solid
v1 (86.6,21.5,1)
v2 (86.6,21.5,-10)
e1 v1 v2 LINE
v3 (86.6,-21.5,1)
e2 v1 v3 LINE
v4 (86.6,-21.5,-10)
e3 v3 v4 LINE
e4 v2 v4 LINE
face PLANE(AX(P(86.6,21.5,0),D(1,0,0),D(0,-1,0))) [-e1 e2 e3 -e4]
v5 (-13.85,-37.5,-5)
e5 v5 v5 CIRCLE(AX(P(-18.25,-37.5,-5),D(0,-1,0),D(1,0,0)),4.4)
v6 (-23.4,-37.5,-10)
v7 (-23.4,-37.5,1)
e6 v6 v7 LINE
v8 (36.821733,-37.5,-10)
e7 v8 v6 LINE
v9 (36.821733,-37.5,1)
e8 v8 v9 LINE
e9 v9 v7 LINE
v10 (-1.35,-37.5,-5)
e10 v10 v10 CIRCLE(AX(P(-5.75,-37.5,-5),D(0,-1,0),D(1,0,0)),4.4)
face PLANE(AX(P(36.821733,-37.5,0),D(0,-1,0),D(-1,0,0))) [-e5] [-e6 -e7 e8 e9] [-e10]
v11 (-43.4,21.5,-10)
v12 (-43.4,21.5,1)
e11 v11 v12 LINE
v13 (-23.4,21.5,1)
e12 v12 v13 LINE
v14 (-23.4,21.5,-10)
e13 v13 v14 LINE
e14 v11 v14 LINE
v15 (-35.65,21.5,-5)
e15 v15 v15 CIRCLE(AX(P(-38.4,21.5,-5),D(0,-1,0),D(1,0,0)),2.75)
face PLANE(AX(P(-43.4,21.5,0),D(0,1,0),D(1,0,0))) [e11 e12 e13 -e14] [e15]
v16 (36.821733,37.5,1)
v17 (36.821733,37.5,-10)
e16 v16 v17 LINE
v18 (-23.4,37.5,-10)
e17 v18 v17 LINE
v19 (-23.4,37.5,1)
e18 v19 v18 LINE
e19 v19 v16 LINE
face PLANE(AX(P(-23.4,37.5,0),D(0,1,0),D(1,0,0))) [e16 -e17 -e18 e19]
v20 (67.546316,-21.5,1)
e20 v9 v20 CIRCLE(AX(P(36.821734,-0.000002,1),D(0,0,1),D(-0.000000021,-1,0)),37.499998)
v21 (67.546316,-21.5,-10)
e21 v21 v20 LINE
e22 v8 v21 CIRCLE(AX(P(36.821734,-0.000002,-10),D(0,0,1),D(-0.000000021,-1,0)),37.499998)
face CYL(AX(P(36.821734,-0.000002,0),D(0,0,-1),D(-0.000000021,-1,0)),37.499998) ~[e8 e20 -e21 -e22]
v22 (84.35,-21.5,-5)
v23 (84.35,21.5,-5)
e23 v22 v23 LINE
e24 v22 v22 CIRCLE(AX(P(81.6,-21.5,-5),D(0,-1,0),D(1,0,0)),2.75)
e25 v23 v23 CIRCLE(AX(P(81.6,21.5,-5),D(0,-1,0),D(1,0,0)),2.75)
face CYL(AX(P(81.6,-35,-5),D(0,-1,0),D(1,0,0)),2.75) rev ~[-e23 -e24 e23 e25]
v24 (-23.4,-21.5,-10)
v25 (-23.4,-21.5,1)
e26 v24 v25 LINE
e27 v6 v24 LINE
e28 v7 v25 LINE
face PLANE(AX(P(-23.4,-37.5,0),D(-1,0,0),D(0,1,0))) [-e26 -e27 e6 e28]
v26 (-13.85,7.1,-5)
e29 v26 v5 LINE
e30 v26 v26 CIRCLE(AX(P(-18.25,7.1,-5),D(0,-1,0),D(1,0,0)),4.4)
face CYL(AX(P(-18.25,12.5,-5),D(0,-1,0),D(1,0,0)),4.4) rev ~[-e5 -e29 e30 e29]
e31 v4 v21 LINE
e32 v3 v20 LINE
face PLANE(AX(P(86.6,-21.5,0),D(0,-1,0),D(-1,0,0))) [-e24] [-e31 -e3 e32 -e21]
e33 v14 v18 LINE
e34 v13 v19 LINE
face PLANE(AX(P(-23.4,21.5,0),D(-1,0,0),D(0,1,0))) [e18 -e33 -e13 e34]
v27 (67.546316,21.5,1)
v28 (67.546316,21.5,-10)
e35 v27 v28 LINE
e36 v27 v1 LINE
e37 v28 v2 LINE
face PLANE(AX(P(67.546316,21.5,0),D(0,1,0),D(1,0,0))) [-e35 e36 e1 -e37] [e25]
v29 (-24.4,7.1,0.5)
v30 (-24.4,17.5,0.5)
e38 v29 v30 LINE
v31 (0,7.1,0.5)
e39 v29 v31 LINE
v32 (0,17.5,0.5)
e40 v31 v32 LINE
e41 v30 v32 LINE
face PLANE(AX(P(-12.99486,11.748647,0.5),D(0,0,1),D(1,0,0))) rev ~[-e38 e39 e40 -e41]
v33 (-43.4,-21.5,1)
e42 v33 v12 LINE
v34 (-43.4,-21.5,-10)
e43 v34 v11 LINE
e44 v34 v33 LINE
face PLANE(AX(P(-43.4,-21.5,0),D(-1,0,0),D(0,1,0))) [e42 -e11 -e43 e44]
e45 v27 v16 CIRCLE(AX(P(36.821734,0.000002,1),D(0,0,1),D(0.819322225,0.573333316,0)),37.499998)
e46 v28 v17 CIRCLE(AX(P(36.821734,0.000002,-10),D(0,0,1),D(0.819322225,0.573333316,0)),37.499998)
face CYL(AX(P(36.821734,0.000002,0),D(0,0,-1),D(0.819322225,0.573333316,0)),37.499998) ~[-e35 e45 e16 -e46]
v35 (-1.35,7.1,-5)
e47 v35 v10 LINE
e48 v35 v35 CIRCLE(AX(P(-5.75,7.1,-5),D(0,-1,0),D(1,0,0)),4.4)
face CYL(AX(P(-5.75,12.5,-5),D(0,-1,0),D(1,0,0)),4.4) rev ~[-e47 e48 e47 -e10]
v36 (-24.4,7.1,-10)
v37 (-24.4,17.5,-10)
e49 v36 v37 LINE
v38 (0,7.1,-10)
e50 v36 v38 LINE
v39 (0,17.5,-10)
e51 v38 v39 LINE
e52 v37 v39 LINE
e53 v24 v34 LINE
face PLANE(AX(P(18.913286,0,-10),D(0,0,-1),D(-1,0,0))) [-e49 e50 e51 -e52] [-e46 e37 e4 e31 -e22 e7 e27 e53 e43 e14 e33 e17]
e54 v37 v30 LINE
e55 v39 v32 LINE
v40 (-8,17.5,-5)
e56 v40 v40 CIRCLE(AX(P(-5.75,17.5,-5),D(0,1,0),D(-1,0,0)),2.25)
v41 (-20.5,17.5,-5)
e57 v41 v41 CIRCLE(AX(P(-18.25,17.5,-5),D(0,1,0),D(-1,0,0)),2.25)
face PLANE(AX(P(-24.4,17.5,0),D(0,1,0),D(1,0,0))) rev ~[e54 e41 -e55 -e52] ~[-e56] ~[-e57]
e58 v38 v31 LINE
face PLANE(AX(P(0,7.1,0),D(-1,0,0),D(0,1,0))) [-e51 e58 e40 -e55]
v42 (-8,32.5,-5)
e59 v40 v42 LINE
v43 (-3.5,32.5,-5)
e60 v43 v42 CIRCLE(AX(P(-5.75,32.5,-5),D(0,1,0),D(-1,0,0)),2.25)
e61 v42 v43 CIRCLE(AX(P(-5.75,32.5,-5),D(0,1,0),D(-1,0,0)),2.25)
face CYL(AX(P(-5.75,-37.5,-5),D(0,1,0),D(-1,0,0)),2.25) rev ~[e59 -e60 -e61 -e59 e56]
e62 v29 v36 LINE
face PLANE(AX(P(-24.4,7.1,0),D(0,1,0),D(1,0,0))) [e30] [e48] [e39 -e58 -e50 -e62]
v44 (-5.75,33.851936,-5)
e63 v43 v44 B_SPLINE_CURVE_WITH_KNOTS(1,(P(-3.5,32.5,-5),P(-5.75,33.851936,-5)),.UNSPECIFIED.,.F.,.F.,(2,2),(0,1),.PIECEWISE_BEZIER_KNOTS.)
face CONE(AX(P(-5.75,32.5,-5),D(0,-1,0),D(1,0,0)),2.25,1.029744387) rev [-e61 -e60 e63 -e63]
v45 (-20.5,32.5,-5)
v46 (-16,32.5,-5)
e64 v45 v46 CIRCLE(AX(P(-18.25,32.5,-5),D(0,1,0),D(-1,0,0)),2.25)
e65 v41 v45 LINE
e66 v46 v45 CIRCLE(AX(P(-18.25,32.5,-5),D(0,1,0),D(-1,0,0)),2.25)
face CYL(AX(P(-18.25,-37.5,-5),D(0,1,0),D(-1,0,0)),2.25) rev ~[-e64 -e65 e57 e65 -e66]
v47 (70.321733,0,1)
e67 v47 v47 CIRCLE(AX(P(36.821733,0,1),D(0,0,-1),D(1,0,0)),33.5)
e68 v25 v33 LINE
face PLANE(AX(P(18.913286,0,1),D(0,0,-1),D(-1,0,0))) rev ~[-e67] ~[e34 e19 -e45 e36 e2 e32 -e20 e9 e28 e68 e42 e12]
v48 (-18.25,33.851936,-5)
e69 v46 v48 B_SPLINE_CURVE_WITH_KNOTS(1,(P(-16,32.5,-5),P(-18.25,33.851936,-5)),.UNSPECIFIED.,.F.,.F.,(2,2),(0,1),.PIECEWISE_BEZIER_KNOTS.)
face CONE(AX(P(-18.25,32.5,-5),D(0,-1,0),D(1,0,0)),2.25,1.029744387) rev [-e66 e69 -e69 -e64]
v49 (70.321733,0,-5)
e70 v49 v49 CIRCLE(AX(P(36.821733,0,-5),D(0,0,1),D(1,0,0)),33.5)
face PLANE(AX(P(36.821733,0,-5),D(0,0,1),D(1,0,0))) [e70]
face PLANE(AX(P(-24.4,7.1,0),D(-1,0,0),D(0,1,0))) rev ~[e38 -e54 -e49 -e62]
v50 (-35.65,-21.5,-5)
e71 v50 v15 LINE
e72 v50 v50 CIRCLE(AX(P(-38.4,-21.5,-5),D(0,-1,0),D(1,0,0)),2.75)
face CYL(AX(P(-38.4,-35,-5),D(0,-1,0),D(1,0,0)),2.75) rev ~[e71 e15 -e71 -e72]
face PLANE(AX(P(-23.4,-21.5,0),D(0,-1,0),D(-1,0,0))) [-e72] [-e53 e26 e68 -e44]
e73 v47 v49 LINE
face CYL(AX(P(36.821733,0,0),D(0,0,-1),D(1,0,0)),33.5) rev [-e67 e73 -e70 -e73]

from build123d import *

# Parameters (mm, degrees)
SKETCH_W            = 24.4
SKETCH_H            = 10.4
PAD_DEPTH           = 10
PAD_DEPTH_BACK      = 1
SKETCH001_R         = 33.5
POCKET_DEPTH        = 5
POCKET_DEPTH_BACK   = 100
SKETCH002_R         = 2.75
HOLE_DEPTH          = 72.501
HOLE001_D           = 4.5
HOLE001_DEPTH       = 70
HOLE001_CBORE_D     = 8.8
HOLE001_CBORE_DEPTH = 50
HOLE001_TIPS_R      = 2.25
SKETCH006_W         = 27.565709
SKETCH006_H         = 14.558517
PAD001_DEPTH        = 0.5


with BuildPart() as part:
    # Sketch → Pad (new body, two sides)
    with BuildSketch(Plane.XY) as pad_sk:
        with BuildLine():
            Line((-43.4, 21.5), (-23.4, 21.5))
            Line((-23.4, 21.5), (-23.4, 37.5))
            Line((-23.4, 37.5), (36.821733, 37.5))
            ThreePointArc((67.546316, 21.5), (54.142241, 33.260337), (36.821733, 37.5))
            Line((67.546316, 21.5), (86.6, 21.5))
            Line((86.6, 21.5), (86.6, -21.5))
            Line((86.6, -21.5), (67.546316, -21.5))
            ThreePointArc((36.821733, -37.5), (54.142241, -33.260337), (67.546316, -21.5))
            Line((36.821733, -37.5), (-23.4, -37.5))
            Line((-23.4, -37.5), (-23.4, -21.5))
            Line((-23.4, -21.5), (-43.4, -21.5))
            Line((-43.4, -21.5), (-43.4, 21.5))
        make_face()
        with Locations((-12.2, 12.3)):
            Rectangle(SKETCH_W, SKETCH_H, mode=Mode.SUBTRACT)
    extrude(amount=-PAD_DEPTH)
    extrude(pad_sk.sketch, amount=PAD_DEPTH_BACK)

    # Sketch001 → Pocket (cut, two sides)
    with BuildSketch(Plane.XY) as pocket_sk:
        with Locations((36.821733, 0)):
            Circle(SKETCH001_R)
    extrude(amount=-POCKET_DEPTH, mode=Mode.SUBTRACT)
    extrude(pocket_sk.sketch, amount=POCKET_DEPTH_BACK, mode=Mode.SUBTRACT)

    # Sketch002 → Hole (cut, through all)
    with BuildSketch(Plane.XZ.offset(35)):
        with Locations((-38.4, -5)):
            Circle(SKETCH002_R)
        with Locations((81.6, -5)):
            Circle(SKETCH002_R)
    extrude(amount=-HOLE_DEPTH, mode=Mode.SUBTRACT)

    # Hole001
    with Locations(Plane.XZ.offset(37.5)):
        with Locations((-18.25, -5), (-5.75, -5)):
            CounterBoreHole(HOLE001_D / 2, HOLE001_CBORE_D / 2, HOLE001_CBORE_DEPTH, depth=HOLE001_DEPTH)

    # Hole001 tips → Hole001 tip 1 section 0
    with BuildSketch(Plane.XZ.offset(-32.5), mode=Mode.PRIVATE) as hole001_tip_1_s0:
        with Locations((-18.25, -5)):
            Circle(HOLE001_TIPS_R)
    loft([hole001_tip_1_s0.sketch, Vertex(-18.25, 33.851936, -5)], mode=Mode.SUBTRACT)

    # Hole001 tips → Hole001 tip 2 section 0
    with BuildSketch(Plane.XZ.offset(-32.5), mode=Mode.PRIVATE) as hole001_tip_2_s0:
        with Locations((-5.75, -5)):
            Circle(HOLE001_TIPS_R)
    loft([hole001_tip_2_s0.sketch, Vertex(-5.75, 33.851936, -5)], mode=Mode.SUBTRACT)

    # Sketch006 → Pad001 (join)
    with BuildSketch(Plane.XY.offset(0.5)):
        with Locations((-12.99486, 11.748647)):
            Rectangle(SKETCH006_W, SKETCH006_H)
    extrude(amount=PAD001_DEPTH)


solid = part.part
